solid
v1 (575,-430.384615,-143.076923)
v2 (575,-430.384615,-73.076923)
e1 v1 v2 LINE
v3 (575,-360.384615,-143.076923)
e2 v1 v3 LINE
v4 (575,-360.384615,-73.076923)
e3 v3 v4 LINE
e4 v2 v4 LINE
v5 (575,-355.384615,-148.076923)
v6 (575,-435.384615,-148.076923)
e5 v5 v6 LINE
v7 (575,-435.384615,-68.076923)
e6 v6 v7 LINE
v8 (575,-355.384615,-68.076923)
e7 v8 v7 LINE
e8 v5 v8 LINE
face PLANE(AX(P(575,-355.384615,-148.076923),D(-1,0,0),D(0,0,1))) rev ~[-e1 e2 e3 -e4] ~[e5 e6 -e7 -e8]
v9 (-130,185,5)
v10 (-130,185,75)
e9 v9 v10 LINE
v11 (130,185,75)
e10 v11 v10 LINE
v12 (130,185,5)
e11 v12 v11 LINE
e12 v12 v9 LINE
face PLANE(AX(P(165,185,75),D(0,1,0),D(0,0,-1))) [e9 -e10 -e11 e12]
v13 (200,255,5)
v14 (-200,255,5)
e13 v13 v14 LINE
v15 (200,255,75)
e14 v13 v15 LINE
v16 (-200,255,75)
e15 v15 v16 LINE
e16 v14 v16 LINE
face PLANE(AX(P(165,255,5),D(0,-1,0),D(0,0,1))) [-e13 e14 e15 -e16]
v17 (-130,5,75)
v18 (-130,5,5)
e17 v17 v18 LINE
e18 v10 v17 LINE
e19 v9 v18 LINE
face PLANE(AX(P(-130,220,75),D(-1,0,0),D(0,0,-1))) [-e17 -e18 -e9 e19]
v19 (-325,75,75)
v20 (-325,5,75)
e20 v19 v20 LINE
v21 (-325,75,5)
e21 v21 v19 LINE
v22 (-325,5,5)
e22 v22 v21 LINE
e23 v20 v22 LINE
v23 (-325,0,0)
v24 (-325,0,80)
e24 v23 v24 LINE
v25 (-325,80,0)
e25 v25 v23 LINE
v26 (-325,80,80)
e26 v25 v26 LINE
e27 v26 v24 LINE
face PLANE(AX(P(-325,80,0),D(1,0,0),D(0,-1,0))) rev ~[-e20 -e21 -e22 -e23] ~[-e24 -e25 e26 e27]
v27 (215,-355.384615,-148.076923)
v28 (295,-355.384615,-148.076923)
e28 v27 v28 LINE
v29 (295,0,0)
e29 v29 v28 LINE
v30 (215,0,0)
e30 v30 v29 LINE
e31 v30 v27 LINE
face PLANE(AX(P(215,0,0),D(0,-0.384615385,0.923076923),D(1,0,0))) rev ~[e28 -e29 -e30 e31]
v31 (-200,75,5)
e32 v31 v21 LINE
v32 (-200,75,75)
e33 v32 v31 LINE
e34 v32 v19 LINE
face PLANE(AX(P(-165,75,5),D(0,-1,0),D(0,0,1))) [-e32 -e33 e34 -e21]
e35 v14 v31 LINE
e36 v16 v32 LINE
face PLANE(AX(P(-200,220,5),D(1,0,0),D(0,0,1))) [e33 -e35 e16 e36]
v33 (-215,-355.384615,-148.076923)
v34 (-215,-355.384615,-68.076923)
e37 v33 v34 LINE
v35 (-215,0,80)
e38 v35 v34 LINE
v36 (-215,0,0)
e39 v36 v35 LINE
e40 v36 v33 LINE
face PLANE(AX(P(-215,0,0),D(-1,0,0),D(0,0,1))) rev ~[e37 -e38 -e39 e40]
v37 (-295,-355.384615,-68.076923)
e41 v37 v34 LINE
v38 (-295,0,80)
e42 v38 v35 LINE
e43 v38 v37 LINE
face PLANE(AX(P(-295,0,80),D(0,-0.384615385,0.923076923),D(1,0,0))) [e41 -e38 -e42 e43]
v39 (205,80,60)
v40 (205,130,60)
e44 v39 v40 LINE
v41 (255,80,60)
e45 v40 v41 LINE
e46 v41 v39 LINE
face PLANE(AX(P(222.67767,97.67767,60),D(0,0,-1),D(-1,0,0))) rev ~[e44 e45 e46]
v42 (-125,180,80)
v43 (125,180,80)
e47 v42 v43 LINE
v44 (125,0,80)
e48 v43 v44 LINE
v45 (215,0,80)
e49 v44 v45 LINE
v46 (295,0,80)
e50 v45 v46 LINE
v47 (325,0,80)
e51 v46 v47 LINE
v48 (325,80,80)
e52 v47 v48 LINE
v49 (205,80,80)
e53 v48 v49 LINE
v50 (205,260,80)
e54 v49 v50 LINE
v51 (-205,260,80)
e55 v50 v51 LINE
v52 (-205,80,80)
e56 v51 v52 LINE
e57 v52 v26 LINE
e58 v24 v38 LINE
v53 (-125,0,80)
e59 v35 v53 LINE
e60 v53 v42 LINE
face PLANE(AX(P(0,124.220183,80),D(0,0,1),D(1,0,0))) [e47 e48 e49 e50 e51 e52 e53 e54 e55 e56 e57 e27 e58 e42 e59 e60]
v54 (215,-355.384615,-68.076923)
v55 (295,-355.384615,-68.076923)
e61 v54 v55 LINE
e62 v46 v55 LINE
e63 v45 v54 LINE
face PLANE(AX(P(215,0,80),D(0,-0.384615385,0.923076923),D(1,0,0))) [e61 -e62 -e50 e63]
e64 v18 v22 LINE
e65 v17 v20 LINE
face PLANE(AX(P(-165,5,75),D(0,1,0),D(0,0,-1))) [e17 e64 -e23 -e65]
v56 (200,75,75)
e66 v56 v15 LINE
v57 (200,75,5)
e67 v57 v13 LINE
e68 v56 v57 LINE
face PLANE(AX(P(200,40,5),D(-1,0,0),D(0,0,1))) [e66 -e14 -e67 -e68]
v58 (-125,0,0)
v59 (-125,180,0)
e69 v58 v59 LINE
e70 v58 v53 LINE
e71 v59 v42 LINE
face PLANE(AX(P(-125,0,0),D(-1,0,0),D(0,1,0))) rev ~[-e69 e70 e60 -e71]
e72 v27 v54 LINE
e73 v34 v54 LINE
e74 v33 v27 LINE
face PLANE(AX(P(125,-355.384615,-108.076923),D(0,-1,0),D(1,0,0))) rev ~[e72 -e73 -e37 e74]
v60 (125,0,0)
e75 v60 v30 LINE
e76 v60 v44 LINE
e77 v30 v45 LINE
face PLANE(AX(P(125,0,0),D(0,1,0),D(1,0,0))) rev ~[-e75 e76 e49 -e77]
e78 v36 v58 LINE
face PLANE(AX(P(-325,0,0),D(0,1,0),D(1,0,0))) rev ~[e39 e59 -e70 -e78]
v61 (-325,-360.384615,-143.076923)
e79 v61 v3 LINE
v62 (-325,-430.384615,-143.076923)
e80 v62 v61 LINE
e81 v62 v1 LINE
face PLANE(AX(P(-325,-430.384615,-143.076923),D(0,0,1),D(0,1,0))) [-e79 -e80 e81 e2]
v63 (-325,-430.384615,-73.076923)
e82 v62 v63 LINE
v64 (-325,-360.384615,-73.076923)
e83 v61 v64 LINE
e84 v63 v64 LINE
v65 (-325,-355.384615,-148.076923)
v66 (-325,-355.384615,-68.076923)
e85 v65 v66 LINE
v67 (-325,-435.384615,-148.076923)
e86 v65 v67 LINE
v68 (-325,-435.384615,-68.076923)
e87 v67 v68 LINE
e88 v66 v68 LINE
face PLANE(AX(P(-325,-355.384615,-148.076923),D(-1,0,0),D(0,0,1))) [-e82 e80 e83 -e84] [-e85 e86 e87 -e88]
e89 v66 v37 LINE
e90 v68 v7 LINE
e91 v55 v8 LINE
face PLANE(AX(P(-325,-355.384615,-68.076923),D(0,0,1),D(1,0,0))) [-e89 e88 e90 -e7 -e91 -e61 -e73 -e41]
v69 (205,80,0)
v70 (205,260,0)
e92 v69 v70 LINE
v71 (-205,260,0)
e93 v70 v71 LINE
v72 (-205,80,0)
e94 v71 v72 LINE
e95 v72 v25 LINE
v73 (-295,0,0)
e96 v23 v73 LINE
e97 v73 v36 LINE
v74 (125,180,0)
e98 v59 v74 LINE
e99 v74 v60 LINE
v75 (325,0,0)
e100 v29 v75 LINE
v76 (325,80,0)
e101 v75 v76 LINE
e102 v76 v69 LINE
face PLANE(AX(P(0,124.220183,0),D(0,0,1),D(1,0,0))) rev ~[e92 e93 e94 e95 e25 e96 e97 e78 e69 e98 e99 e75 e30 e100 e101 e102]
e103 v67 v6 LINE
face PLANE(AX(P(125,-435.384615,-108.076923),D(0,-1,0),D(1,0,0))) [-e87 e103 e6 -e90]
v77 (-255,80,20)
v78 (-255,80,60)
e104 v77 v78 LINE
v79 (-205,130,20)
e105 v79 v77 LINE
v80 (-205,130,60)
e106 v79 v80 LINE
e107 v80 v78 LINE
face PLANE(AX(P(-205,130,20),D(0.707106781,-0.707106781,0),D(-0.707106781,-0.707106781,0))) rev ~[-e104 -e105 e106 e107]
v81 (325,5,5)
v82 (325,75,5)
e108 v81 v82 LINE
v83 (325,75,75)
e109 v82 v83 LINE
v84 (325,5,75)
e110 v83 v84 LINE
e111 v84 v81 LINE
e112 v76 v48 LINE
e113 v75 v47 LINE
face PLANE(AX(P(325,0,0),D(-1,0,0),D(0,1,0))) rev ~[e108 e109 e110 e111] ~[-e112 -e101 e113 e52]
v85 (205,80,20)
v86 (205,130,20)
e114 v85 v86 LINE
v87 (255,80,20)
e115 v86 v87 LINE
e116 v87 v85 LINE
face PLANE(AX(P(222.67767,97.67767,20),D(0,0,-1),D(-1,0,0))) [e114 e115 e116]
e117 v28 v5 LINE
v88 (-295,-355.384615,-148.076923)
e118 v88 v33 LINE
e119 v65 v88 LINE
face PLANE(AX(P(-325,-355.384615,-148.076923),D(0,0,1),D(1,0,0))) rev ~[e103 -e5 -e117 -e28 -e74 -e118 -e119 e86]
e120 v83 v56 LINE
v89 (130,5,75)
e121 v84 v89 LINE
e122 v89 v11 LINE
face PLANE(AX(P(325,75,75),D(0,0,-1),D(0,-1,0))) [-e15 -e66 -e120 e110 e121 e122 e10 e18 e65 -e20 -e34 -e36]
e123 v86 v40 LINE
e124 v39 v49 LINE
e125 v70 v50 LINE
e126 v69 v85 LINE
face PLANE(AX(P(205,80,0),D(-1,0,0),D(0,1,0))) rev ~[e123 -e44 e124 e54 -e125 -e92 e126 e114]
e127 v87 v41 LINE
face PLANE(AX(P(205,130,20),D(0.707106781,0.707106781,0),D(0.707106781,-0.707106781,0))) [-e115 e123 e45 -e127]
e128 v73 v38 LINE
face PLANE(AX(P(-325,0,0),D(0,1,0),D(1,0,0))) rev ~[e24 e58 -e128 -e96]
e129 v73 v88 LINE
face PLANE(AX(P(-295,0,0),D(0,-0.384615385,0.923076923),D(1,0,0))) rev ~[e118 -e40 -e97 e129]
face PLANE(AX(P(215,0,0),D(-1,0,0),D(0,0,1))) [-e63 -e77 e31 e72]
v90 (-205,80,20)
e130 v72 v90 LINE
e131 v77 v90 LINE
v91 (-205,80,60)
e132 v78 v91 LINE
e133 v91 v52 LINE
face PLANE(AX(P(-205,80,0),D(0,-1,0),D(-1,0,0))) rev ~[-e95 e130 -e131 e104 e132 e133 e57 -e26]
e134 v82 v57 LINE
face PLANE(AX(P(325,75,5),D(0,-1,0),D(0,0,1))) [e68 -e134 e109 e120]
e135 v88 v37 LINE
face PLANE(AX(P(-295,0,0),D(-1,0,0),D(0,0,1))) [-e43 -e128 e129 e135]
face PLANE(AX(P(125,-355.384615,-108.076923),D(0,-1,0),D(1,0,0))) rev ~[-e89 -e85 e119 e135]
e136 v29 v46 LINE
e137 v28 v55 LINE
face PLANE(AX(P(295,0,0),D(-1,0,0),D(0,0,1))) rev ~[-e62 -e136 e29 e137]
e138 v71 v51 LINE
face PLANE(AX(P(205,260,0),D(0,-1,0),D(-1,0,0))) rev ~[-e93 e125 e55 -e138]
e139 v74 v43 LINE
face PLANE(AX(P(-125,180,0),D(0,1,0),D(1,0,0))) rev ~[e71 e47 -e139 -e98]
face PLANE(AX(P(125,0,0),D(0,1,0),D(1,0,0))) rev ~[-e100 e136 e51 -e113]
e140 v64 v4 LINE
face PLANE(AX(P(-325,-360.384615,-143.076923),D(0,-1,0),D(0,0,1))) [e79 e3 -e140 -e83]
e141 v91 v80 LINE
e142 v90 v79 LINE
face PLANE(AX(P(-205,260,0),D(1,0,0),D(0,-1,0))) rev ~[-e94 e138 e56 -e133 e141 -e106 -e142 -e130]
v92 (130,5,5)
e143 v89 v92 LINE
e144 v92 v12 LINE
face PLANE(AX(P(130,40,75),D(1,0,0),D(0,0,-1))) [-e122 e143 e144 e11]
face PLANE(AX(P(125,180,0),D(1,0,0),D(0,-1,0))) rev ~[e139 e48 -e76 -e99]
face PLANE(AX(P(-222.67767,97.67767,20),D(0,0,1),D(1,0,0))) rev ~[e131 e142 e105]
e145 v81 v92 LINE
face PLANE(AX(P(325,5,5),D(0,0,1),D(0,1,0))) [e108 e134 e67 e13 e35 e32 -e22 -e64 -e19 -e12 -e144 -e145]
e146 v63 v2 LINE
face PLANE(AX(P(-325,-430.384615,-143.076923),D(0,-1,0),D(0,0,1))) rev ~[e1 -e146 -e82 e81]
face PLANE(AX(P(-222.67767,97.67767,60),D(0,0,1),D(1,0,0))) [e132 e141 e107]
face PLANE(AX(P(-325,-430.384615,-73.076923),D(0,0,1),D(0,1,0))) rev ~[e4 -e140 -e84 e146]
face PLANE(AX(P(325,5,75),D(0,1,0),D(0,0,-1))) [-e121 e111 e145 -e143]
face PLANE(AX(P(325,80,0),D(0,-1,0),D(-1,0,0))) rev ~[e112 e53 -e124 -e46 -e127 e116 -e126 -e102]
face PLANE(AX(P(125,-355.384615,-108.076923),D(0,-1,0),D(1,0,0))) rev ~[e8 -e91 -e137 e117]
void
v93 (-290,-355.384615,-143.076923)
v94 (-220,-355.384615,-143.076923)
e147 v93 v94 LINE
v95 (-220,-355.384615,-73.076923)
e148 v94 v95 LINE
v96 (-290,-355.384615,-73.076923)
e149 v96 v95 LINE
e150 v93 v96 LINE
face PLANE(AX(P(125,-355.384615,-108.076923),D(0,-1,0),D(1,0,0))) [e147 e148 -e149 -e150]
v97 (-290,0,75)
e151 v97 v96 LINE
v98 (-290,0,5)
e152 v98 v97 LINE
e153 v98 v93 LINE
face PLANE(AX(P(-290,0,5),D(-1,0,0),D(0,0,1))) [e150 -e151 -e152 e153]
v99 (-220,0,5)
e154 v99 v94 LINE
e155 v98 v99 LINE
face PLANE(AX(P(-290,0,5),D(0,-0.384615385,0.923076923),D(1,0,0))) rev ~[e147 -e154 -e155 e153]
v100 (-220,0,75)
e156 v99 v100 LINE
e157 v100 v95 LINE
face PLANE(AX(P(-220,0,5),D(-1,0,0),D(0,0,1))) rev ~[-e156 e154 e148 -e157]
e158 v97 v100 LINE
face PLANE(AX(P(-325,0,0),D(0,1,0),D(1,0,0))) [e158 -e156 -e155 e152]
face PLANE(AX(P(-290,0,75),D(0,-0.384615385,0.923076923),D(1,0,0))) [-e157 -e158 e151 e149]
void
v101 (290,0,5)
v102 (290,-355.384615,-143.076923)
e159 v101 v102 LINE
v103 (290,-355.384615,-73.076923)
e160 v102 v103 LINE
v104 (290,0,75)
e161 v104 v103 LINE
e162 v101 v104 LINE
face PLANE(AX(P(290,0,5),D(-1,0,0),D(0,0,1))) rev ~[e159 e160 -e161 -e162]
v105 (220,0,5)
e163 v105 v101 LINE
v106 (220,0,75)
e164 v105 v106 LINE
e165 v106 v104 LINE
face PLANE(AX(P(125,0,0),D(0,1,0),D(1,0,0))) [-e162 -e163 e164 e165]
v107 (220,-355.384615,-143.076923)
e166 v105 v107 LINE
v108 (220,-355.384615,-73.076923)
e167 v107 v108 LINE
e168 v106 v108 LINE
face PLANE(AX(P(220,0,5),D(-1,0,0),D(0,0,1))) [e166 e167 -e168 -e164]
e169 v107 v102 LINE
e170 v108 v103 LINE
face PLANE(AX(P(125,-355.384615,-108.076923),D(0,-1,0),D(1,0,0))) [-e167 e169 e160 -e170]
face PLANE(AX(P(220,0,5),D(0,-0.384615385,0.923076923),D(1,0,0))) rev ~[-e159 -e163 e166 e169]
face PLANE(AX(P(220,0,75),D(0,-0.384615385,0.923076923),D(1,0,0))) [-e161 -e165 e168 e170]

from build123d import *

# Parameters (mm, degrees)
EXTRUDE_1_DEPTH     = 80
SKETCH_2_W          = 80
SKETCH_2_H          = 80
SKETCH_2_W_2        = 70
SKETCH_2_H_2        = 70
EXTRUDE_2_DEPTH     = 385
SKETCH_4_W          = 900
SKETCH_4_H          = 80
EXTRUDE_3_DEPTH     = 80
EXTRUDE_5_DEPTH     = 40
SKETCH_8_W          = 70
SKETCH_8_H          = 70
CUT_EXTRUDE_1_DEPTH = 1011.686172094


with BuildPart() as part:
    # 草图1 → 凸台-拉伸1 (new body)
    with BuildSketch(Plane.XY):
        Polygon((-125, 180), (125, 180), (125, 0), (325, 0), (325, 80), (205, 80), (205, 260), (-205, 260), (-205, 80), (-325, 80), (-325, 0), (-125, 0), align=None)
    extrude(amount=EXTRUDE_1_DEPTH)

    # 草图2 → 凸台-拉伸2 (add, along a direction that is not the sketch's normal)
    # profile 1 of 2: a face of its own
    with BuildSketch(Plane.XZ):
        with Locations((-255, 40)):
            Rectangle(SKETCH_2_W, SKETCH_2_H)
        with Locations((-255, 40)):
            Rectangle(SKETCH_2_W_2, SKETCH_2_H_2, mode=Mode.SUBTRACT)
    # profile 2 of 2: a face of its own
    with BuildSketch(Plane.XZ):
        with Locations((255, 40)):
            Rectangle(SKETCH_2_W, SKETCH_2_H)
        with Locations((255, 40)):
            Rectangle(SKETCH_2_W_2, SKETCH_2_H_2, mode=Mode.SUBTRACT)
    extrude(amount=EXTRUDE_2_DEPTH, dir=(0, -0.923076923076923, -0.3846153846153847))

    # 草图4 → 凸台-拉伸3 (add)
    with BuildSketch(Plane.XZ.offset(355.384615385)):
        with Locations((125, -108.076923077)):
            Rectangle(SKETCH_4_W, SKETCH_4_H)
    extrude(amount=EXTRUDE_3_DEPTH)

    # 草图6 → 凸台-拉伸5 (add)
    with BuildSketch(Plane.XY.offset(20)):
        Polygon((-205, 130), (-255, 80), (-205, 80), align=None)
        Polygon((205, 130), (255, 80), (205, 80), align=None)
    extrude(amount=EXTRUDE_5_DEPTH)

    # 草图8 → 切除-拉伸1 (cut, through all)
    with BuildSketch(Plane.ZY.offset(325)):
        with Locations((-108.076923077, -395.384615385)):
            Rectangle(SKETCH_8_W, SKETCH_8_H)
    extrude(amount=-CUT_EXTRUDE_1_DEPTH, mode=Mode.SUBTRACT)

    # 切除-扫描1: sweep along a path in 草图10
    with BuildLine(Plane(origin=(0, 0, 40), x_dir=(-1, 0, 0), z_dir=(0, 0, -1))) as sweep_1_path:
        Line((-325, 40), (-165, 40))
        Line((-165, 40), (-165, 220))
        Line((-165, 220), (165, 220))
        Line((165, 220), (165, 40))
        Line((165, 40), (325, 40))
    # 草图9 → 切除-扫描1 (sweep, cut)
    with BuildSketch(Plane(origin=(325, 0, 0), x_dir=(0, 0, -1), z_dir=(1, 0, 0))):
        Polygon((-5, 5), (-5, 75), (-20, 75), (-60, 75), (-75, 75), (-75, 5), align=None)
    sweep(path=sweep_1_path.line, transition=Transition.RIGHT, mode=Mode.SUBTRACT)


solid = part.part
